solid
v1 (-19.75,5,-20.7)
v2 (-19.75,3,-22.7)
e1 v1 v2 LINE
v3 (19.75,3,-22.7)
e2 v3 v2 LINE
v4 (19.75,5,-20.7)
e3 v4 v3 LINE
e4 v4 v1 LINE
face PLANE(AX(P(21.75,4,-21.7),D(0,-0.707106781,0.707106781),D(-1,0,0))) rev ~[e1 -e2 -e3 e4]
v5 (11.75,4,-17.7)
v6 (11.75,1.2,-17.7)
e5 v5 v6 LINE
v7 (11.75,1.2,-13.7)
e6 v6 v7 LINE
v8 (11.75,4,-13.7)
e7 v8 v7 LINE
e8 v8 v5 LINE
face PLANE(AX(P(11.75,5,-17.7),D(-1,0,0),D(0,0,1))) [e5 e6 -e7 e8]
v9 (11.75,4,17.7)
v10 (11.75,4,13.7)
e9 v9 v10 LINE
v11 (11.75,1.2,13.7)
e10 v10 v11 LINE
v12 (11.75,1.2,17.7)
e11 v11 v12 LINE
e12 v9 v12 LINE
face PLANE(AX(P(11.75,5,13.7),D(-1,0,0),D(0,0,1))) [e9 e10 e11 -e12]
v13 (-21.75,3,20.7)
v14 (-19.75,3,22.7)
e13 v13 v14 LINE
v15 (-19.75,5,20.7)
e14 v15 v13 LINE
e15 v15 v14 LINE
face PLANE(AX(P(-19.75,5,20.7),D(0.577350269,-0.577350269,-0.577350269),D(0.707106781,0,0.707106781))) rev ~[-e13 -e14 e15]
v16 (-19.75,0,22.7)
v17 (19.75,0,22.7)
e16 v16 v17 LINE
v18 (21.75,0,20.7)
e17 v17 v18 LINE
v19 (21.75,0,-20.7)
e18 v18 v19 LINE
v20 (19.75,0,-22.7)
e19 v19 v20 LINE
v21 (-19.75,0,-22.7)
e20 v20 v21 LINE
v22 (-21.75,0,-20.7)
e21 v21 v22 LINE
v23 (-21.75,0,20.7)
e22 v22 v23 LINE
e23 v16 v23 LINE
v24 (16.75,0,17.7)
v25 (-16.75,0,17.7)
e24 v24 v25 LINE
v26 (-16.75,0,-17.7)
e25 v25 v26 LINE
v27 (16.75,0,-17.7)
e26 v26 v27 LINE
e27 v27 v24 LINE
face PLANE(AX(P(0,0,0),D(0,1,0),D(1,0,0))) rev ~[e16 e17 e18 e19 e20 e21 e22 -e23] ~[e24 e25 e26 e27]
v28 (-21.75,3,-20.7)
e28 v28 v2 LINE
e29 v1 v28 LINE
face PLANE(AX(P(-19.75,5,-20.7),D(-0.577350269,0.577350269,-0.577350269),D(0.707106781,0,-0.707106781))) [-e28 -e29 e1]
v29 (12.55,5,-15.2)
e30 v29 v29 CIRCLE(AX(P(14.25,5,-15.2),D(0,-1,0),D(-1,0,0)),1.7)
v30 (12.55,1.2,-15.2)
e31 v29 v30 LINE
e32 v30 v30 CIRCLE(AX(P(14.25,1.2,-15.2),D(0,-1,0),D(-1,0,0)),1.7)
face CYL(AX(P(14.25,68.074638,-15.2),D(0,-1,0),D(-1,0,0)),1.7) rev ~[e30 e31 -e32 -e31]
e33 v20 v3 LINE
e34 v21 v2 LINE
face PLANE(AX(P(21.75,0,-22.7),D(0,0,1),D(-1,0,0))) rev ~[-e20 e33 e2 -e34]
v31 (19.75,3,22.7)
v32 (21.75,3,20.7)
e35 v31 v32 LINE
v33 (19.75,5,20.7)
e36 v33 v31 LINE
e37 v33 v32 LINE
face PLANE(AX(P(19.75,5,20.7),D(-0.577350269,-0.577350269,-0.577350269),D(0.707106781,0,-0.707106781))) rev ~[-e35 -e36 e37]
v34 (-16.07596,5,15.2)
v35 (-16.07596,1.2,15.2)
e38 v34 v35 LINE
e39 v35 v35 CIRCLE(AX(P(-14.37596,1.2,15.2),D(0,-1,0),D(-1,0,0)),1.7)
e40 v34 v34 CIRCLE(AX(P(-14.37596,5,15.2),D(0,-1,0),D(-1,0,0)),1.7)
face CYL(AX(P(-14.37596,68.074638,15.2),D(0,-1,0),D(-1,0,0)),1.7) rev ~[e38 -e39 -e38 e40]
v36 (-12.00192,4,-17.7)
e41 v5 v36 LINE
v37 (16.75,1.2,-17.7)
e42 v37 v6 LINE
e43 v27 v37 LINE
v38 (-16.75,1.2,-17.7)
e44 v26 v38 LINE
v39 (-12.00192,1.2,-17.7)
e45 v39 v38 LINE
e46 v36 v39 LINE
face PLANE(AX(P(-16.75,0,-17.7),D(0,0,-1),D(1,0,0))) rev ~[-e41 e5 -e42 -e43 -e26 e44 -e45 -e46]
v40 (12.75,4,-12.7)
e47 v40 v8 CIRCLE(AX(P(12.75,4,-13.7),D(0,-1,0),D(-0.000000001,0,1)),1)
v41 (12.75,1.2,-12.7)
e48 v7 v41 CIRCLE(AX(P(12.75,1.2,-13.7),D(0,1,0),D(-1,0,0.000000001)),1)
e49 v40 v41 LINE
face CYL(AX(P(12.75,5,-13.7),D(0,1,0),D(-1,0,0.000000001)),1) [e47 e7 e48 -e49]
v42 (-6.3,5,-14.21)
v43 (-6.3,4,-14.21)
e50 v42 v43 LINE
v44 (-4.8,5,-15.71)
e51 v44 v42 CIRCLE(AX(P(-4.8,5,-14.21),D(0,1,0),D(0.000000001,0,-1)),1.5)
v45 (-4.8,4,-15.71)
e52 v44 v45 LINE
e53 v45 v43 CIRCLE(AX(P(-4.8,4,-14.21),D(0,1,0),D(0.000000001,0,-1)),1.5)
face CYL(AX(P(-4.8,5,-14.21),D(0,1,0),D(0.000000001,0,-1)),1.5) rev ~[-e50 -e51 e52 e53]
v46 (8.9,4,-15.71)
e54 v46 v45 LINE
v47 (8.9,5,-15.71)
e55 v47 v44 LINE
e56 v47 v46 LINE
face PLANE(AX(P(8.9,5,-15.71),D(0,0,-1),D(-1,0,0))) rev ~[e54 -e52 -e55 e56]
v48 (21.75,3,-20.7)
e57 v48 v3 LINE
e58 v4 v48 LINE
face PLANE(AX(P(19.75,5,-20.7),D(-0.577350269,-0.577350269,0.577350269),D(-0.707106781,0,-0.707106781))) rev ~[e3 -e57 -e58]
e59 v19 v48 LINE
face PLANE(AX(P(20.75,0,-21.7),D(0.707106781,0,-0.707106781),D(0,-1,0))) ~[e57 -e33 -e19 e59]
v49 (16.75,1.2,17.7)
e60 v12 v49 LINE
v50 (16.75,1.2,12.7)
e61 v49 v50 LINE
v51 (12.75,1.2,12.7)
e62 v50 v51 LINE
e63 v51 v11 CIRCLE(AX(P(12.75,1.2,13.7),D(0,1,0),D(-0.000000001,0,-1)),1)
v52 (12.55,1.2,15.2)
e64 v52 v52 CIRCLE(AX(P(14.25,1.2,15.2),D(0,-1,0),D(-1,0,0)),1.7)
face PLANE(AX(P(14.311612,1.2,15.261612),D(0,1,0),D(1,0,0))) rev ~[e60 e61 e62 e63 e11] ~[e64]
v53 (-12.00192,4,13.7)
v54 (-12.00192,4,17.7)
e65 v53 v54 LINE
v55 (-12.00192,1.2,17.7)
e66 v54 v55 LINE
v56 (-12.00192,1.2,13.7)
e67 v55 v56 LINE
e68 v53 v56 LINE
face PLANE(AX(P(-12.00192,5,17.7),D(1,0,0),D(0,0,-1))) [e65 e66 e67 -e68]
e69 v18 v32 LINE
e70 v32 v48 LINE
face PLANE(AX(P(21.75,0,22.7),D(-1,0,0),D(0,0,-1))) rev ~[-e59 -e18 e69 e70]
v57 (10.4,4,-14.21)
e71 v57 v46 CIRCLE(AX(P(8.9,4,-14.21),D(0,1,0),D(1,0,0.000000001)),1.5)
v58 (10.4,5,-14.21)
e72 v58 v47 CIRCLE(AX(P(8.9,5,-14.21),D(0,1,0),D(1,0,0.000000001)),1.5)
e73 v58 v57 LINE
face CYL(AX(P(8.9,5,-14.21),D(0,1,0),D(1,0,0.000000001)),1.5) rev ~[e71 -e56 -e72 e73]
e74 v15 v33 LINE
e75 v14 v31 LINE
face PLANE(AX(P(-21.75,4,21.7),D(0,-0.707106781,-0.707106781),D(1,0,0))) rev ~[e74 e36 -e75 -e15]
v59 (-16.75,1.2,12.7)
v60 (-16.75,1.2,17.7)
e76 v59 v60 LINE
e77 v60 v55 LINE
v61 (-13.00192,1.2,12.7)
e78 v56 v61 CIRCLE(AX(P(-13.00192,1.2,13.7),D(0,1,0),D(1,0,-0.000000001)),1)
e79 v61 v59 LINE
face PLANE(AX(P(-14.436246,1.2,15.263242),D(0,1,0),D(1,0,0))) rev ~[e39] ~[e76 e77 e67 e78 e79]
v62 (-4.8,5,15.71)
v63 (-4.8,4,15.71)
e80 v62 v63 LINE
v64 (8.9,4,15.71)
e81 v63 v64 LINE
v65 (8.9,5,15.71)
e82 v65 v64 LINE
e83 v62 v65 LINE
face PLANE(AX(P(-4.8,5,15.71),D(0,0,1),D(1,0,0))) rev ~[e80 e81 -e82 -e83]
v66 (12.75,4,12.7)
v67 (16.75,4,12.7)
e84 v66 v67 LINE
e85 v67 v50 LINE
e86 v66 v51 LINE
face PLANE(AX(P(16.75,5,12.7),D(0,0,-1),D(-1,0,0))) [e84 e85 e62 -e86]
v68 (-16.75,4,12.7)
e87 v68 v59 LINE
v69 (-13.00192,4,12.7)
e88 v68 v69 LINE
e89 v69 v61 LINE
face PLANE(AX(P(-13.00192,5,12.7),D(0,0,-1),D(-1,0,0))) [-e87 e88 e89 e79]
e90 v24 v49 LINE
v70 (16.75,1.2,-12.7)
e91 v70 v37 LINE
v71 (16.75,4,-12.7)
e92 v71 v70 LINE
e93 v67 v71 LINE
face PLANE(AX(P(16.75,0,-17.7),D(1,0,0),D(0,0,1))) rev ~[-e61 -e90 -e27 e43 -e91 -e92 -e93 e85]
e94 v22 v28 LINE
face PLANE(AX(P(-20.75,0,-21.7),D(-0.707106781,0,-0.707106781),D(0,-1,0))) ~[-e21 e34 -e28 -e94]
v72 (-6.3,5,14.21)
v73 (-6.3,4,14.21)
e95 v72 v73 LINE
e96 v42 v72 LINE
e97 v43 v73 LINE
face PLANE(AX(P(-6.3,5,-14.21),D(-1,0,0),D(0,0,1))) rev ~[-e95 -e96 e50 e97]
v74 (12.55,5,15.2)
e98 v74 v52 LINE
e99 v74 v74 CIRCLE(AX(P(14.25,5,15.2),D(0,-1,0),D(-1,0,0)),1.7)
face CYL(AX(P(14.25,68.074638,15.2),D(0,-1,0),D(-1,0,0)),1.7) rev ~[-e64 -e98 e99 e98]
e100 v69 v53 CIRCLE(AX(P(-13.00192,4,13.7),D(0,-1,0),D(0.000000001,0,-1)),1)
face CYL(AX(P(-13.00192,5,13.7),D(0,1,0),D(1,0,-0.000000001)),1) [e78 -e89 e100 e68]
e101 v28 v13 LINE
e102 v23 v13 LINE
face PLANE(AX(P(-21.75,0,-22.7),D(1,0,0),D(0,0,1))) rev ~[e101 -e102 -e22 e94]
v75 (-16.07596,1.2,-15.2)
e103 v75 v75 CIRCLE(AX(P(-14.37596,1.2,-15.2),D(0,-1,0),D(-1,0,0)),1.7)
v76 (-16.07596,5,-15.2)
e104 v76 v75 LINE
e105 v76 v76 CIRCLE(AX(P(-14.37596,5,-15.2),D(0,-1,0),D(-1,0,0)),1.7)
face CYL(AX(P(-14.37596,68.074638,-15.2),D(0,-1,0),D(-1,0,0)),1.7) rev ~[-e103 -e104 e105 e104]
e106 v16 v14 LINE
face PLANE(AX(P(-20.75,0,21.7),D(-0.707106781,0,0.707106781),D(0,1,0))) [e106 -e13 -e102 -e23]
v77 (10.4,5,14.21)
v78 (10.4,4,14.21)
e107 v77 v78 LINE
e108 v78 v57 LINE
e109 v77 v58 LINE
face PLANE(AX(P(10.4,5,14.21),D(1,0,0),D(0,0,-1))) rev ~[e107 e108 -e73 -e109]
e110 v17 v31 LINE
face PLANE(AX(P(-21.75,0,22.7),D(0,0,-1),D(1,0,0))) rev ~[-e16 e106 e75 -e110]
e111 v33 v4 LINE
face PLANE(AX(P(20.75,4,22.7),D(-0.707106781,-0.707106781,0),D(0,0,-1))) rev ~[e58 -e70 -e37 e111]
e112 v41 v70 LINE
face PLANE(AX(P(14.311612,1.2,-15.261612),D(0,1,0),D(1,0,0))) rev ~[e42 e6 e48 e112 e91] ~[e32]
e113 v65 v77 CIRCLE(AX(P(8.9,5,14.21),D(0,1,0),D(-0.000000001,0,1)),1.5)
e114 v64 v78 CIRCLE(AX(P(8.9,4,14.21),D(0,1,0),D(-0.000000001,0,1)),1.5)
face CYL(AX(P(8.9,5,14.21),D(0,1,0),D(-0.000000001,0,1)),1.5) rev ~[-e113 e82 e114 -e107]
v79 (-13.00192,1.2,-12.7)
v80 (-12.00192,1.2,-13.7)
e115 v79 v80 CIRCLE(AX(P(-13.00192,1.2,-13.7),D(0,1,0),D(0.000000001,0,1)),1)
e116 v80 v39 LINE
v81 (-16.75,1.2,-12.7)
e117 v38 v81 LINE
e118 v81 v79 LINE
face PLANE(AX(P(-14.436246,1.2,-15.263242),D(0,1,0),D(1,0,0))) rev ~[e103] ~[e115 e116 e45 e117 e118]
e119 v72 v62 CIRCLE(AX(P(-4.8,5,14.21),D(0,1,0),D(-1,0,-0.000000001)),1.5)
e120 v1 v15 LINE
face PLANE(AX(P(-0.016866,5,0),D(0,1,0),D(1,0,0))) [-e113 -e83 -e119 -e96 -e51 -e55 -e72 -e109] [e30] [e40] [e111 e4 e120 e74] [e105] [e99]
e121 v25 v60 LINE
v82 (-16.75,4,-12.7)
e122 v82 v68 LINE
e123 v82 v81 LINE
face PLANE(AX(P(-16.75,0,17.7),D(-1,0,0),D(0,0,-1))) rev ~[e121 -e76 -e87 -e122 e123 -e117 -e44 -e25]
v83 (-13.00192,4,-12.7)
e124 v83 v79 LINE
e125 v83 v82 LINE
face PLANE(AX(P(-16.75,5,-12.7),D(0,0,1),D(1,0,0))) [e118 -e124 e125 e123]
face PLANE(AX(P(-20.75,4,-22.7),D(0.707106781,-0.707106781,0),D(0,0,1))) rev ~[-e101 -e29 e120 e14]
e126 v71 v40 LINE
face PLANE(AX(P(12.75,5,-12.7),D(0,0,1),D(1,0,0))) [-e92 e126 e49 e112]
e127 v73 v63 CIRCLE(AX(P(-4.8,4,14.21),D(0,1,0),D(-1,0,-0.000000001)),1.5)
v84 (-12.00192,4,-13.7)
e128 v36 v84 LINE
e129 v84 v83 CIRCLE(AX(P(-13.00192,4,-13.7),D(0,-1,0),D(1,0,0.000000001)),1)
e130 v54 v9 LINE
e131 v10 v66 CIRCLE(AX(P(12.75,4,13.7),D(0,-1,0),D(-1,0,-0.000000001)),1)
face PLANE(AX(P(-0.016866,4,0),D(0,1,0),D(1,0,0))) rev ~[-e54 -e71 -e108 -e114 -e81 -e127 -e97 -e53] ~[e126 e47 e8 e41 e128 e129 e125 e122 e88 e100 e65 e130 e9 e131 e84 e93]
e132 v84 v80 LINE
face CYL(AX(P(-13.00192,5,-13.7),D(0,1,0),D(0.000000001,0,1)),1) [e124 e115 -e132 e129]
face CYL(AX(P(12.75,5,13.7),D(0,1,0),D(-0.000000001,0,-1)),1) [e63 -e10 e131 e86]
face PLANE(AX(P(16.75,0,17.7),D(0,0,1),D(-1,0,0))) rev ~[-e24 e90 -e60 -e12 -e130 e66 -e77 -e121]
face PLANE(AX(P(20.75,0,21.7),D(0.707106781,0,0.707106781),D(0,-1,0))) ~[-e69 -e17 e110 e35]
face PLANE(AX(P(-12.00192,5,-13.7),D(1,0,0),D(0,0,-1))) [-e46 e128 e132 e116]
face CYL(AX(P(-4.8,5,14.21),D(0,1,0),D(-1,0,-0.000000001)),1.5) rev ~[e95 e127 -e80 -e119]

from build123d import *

# Parameters (mm, degrees)
EXTRUDE_2_DEPTH   = 5
EXTRUDE_3_DEPTH   = 3.8
EXTRUDE_4_DEPTH   = 1
CHAMFER_1_SIZE    = 2
HOLE_WIZARD_M31_D = 3.4


with BuildPart() as part:
    # Эскиз2 → Бобышка-Вытянуть2 (new body)
    with BuildSketch(Plane(origin=(0, 0, 0), x_dir=(1, 0, 0), z_dir=(0, 1, 0))):
        Polygon((-21.75, 7), (-21.75, -7), (-21.75, -11.7), (-21.75, -22.7), (21.75, -22.7), (21.75, 22.7), (-21.75, 22.7), (-21.75, 11.7), align=None)
        Polygon((-16.75, 17.7), (16.75, 17.7), (16.75, -17.7), (-16.75, -17.7), (-16.75, -11.7), (-16.75, -7), (-16.75, 7), (-16.75, 11.7), align=None, mode=Mode.SUBTRACT)
    extrude(amount=EXTRUDE_2_DEPTH)

    # Эскиз3 → Бобышка-Вытянуть3 (add)
    with BuildSketch(Plane(origin=(0, 5, 0), x_dir=(1, 0, 0), z_dir=(0, 1, 0))):
        with BuildLine():
            Line((-16.75, 17.7), (-16.75, 12.7))
            Line((-16.75, 12.7), (-15.75, 12.7))
            Line((-15.75, 12.7), (-13.001919935, 12.7))
            ThreePointArc((-13.001919935, 12.7), (-12.294813154, 12.992893219), (-12.001919935, 13.7))
            Line((-12.001919935, 13.7), (-12.001919935, 16.7))
            Line((-12.001919935, 16.7), (-12.001919935, 17.7))
            Line((-12.001919935, 17.7), (-16.75, 17.7))
        make_face()
        with BuildLine():
            Line((15.75, 12.7), (16.75, 12.7))
            Line((16.75, 12.7), (16.75, 17.7))
            Line((16.75, 17.7), (11.75, 17.7))
            Line((11.75, 17.7), (11.75, 16.7))
            Line((11.75, 16.7), (11.75, 13.7))
            ThreePointArc((11.75, 13.7), (12.042893219, 12.992893219), (12.75, 12.7))
            Line((12.75, 12.7), (15.75, 12.7))
        make_face()
        with BuildLine():
            Line((11.75, -16.7), (11.75, -17.7))
            Line((11.75, -17.7), (16.75, -17.7))
            Line((16.75, -17.7), (16.75, -12.7))
            Line((16.75, -12.7), (15.75, -12.7))
            Line((15.75, -12.7), (12.75, -12.7))
            ThreePointArc((12.75, -12.7), (12.042893219, -12.992893219), (11.75, -13.7))
            Line((11.75, -13.7), (11.75, -16.7))
        make_face()
        with BuildLine():
            Line((-12.001919935, -16.7), (-12.001919935, -13.7))
            ThreePointArc((-12.001919935, -13.7), (-12.294813154, -12.992893219), (-13.001919935, -12.7))
            Line((-13.001919935, -12.7), (-15.75, -12.7))
            Line((-15.75, -12.7), (-16.75, -12.7))
            Line((-16.75, -12.7), (-16.75, -17.7))
            Line((-16.75, -17.7), (-12.001919935, -17.7))
            Line((-12.001919935, -17.7), (-12.001919935, -16.7))
        make_face()
    extrude(amount=-EXTRUDE_3_DEPTH)

    # Эскиз4 → Бобышка-Вытянуть4 (add)
    with BuildSketch(Plane(origin=(0, 5, 0), x_dir=(1, 0, 0), z_dir=(0, 1, 0))):
        with BuildLine():
            Line((-16.75, -12.7), (-13.001919935, -12.7))
            ThreePointArc((-13.001919935, -12.7), (-12.294813154, -12.992893219), (-12.001919935, -13.7))
            Line((-12.001919935, -13.7), (-12.001919935, -17.7))
            Line((-12.001919935, -17.7), (11.75, -17.7))
            Line((11.75, -17.7), (11.75, -13.7))
            ThreePointArc((11.75, -13.7), (12.042893219, -12.992893219), (12.75, -12.7))
            Line((12.75, -12.7), (16.75, -12.7))
            Line((16.75, -12.7), (16.75, 12.7))
            Line((16.75, 12.7), (12.75, 12.7))
            ThreePointArc((12.75, 12.7), (12.042893219, 12.992893219), (11.75, 13.7))
            Line((11.75, 13.7), (11.75, 17.7))
            Line((11.75, 17.7), (-12.001919935, 17.7))
            Line((-12.001919935, 17.7), (-12.001919935, 13.7))
            ThreePointArc((-12.001919935, 13.7), (-12.294813154, 12.992893219), (-13.001919935, 12.7))
            Line((-13.001919935, 12.7), (-16.75, 12.7))
            Line((-16.75, 12.7), (-16.75, -12.7))
        make_face()
        with BuildLine():
            Line((-4.8, -15.71), (8.9, -15.71))
            ThreePointArc((8.9, -15.71), (9.960660172, -15.270660172), (10.4, -14.21))
            Line((10.4, -14.21), (10.4, 14.21))
            ThreePointArc((10.4, 14.21), (9.960660172, 15.270660172), (8.9, 15.71))
            Line((8.9, 15.71), (-4.8, 15.71))
            ThreePointArc((-4.8, 15.71), (-5.860660172, 15.270660172), (-6.3, 14.21))
            Line((-6.3, 14.21), (-6.3, -14.21))
            ThreePointArc((-6.3, -14.21), (-5.860660172, -15.270660172), (-4.8, -15.71))
        make_face(mode=Mode.SUBTRACT)
    extrude(amount=-EXTRUDE_4_DEPTH)

    # Фаска1
    chamfer_1_edges = [part.edges().sort_by_distance(p)[0] for p in [
        (-21.75, 2.5, -22.7),
        (21.75, 2.5, -22.7),
        (21.75, 2.5, 22.7),
        (-21.75, 2.5, 22.7),
        (-21.75, 5, 0),
        (0, 5, 22.7),
        (21.75, 5, 0),
        (0, 5, -22.7),
    ]]
    chamfer(chamfer_1_edges, length=CHAMFER_1_SIZE)

    # Отверстие с зазором M31 (through all)
    with Locations(Plane(origin=(0, 5, 0), x_dir=(1, 0, 0), z_dir=(0, 1, 0))):
        with Locations((14.25, -15.2), (14.25, 15.2), (-14.375959967, 15.2), (-14.375959967, -15.2)):
            Hole(HOLE_WIZARD_M31_D / 2)


solid = part.part
